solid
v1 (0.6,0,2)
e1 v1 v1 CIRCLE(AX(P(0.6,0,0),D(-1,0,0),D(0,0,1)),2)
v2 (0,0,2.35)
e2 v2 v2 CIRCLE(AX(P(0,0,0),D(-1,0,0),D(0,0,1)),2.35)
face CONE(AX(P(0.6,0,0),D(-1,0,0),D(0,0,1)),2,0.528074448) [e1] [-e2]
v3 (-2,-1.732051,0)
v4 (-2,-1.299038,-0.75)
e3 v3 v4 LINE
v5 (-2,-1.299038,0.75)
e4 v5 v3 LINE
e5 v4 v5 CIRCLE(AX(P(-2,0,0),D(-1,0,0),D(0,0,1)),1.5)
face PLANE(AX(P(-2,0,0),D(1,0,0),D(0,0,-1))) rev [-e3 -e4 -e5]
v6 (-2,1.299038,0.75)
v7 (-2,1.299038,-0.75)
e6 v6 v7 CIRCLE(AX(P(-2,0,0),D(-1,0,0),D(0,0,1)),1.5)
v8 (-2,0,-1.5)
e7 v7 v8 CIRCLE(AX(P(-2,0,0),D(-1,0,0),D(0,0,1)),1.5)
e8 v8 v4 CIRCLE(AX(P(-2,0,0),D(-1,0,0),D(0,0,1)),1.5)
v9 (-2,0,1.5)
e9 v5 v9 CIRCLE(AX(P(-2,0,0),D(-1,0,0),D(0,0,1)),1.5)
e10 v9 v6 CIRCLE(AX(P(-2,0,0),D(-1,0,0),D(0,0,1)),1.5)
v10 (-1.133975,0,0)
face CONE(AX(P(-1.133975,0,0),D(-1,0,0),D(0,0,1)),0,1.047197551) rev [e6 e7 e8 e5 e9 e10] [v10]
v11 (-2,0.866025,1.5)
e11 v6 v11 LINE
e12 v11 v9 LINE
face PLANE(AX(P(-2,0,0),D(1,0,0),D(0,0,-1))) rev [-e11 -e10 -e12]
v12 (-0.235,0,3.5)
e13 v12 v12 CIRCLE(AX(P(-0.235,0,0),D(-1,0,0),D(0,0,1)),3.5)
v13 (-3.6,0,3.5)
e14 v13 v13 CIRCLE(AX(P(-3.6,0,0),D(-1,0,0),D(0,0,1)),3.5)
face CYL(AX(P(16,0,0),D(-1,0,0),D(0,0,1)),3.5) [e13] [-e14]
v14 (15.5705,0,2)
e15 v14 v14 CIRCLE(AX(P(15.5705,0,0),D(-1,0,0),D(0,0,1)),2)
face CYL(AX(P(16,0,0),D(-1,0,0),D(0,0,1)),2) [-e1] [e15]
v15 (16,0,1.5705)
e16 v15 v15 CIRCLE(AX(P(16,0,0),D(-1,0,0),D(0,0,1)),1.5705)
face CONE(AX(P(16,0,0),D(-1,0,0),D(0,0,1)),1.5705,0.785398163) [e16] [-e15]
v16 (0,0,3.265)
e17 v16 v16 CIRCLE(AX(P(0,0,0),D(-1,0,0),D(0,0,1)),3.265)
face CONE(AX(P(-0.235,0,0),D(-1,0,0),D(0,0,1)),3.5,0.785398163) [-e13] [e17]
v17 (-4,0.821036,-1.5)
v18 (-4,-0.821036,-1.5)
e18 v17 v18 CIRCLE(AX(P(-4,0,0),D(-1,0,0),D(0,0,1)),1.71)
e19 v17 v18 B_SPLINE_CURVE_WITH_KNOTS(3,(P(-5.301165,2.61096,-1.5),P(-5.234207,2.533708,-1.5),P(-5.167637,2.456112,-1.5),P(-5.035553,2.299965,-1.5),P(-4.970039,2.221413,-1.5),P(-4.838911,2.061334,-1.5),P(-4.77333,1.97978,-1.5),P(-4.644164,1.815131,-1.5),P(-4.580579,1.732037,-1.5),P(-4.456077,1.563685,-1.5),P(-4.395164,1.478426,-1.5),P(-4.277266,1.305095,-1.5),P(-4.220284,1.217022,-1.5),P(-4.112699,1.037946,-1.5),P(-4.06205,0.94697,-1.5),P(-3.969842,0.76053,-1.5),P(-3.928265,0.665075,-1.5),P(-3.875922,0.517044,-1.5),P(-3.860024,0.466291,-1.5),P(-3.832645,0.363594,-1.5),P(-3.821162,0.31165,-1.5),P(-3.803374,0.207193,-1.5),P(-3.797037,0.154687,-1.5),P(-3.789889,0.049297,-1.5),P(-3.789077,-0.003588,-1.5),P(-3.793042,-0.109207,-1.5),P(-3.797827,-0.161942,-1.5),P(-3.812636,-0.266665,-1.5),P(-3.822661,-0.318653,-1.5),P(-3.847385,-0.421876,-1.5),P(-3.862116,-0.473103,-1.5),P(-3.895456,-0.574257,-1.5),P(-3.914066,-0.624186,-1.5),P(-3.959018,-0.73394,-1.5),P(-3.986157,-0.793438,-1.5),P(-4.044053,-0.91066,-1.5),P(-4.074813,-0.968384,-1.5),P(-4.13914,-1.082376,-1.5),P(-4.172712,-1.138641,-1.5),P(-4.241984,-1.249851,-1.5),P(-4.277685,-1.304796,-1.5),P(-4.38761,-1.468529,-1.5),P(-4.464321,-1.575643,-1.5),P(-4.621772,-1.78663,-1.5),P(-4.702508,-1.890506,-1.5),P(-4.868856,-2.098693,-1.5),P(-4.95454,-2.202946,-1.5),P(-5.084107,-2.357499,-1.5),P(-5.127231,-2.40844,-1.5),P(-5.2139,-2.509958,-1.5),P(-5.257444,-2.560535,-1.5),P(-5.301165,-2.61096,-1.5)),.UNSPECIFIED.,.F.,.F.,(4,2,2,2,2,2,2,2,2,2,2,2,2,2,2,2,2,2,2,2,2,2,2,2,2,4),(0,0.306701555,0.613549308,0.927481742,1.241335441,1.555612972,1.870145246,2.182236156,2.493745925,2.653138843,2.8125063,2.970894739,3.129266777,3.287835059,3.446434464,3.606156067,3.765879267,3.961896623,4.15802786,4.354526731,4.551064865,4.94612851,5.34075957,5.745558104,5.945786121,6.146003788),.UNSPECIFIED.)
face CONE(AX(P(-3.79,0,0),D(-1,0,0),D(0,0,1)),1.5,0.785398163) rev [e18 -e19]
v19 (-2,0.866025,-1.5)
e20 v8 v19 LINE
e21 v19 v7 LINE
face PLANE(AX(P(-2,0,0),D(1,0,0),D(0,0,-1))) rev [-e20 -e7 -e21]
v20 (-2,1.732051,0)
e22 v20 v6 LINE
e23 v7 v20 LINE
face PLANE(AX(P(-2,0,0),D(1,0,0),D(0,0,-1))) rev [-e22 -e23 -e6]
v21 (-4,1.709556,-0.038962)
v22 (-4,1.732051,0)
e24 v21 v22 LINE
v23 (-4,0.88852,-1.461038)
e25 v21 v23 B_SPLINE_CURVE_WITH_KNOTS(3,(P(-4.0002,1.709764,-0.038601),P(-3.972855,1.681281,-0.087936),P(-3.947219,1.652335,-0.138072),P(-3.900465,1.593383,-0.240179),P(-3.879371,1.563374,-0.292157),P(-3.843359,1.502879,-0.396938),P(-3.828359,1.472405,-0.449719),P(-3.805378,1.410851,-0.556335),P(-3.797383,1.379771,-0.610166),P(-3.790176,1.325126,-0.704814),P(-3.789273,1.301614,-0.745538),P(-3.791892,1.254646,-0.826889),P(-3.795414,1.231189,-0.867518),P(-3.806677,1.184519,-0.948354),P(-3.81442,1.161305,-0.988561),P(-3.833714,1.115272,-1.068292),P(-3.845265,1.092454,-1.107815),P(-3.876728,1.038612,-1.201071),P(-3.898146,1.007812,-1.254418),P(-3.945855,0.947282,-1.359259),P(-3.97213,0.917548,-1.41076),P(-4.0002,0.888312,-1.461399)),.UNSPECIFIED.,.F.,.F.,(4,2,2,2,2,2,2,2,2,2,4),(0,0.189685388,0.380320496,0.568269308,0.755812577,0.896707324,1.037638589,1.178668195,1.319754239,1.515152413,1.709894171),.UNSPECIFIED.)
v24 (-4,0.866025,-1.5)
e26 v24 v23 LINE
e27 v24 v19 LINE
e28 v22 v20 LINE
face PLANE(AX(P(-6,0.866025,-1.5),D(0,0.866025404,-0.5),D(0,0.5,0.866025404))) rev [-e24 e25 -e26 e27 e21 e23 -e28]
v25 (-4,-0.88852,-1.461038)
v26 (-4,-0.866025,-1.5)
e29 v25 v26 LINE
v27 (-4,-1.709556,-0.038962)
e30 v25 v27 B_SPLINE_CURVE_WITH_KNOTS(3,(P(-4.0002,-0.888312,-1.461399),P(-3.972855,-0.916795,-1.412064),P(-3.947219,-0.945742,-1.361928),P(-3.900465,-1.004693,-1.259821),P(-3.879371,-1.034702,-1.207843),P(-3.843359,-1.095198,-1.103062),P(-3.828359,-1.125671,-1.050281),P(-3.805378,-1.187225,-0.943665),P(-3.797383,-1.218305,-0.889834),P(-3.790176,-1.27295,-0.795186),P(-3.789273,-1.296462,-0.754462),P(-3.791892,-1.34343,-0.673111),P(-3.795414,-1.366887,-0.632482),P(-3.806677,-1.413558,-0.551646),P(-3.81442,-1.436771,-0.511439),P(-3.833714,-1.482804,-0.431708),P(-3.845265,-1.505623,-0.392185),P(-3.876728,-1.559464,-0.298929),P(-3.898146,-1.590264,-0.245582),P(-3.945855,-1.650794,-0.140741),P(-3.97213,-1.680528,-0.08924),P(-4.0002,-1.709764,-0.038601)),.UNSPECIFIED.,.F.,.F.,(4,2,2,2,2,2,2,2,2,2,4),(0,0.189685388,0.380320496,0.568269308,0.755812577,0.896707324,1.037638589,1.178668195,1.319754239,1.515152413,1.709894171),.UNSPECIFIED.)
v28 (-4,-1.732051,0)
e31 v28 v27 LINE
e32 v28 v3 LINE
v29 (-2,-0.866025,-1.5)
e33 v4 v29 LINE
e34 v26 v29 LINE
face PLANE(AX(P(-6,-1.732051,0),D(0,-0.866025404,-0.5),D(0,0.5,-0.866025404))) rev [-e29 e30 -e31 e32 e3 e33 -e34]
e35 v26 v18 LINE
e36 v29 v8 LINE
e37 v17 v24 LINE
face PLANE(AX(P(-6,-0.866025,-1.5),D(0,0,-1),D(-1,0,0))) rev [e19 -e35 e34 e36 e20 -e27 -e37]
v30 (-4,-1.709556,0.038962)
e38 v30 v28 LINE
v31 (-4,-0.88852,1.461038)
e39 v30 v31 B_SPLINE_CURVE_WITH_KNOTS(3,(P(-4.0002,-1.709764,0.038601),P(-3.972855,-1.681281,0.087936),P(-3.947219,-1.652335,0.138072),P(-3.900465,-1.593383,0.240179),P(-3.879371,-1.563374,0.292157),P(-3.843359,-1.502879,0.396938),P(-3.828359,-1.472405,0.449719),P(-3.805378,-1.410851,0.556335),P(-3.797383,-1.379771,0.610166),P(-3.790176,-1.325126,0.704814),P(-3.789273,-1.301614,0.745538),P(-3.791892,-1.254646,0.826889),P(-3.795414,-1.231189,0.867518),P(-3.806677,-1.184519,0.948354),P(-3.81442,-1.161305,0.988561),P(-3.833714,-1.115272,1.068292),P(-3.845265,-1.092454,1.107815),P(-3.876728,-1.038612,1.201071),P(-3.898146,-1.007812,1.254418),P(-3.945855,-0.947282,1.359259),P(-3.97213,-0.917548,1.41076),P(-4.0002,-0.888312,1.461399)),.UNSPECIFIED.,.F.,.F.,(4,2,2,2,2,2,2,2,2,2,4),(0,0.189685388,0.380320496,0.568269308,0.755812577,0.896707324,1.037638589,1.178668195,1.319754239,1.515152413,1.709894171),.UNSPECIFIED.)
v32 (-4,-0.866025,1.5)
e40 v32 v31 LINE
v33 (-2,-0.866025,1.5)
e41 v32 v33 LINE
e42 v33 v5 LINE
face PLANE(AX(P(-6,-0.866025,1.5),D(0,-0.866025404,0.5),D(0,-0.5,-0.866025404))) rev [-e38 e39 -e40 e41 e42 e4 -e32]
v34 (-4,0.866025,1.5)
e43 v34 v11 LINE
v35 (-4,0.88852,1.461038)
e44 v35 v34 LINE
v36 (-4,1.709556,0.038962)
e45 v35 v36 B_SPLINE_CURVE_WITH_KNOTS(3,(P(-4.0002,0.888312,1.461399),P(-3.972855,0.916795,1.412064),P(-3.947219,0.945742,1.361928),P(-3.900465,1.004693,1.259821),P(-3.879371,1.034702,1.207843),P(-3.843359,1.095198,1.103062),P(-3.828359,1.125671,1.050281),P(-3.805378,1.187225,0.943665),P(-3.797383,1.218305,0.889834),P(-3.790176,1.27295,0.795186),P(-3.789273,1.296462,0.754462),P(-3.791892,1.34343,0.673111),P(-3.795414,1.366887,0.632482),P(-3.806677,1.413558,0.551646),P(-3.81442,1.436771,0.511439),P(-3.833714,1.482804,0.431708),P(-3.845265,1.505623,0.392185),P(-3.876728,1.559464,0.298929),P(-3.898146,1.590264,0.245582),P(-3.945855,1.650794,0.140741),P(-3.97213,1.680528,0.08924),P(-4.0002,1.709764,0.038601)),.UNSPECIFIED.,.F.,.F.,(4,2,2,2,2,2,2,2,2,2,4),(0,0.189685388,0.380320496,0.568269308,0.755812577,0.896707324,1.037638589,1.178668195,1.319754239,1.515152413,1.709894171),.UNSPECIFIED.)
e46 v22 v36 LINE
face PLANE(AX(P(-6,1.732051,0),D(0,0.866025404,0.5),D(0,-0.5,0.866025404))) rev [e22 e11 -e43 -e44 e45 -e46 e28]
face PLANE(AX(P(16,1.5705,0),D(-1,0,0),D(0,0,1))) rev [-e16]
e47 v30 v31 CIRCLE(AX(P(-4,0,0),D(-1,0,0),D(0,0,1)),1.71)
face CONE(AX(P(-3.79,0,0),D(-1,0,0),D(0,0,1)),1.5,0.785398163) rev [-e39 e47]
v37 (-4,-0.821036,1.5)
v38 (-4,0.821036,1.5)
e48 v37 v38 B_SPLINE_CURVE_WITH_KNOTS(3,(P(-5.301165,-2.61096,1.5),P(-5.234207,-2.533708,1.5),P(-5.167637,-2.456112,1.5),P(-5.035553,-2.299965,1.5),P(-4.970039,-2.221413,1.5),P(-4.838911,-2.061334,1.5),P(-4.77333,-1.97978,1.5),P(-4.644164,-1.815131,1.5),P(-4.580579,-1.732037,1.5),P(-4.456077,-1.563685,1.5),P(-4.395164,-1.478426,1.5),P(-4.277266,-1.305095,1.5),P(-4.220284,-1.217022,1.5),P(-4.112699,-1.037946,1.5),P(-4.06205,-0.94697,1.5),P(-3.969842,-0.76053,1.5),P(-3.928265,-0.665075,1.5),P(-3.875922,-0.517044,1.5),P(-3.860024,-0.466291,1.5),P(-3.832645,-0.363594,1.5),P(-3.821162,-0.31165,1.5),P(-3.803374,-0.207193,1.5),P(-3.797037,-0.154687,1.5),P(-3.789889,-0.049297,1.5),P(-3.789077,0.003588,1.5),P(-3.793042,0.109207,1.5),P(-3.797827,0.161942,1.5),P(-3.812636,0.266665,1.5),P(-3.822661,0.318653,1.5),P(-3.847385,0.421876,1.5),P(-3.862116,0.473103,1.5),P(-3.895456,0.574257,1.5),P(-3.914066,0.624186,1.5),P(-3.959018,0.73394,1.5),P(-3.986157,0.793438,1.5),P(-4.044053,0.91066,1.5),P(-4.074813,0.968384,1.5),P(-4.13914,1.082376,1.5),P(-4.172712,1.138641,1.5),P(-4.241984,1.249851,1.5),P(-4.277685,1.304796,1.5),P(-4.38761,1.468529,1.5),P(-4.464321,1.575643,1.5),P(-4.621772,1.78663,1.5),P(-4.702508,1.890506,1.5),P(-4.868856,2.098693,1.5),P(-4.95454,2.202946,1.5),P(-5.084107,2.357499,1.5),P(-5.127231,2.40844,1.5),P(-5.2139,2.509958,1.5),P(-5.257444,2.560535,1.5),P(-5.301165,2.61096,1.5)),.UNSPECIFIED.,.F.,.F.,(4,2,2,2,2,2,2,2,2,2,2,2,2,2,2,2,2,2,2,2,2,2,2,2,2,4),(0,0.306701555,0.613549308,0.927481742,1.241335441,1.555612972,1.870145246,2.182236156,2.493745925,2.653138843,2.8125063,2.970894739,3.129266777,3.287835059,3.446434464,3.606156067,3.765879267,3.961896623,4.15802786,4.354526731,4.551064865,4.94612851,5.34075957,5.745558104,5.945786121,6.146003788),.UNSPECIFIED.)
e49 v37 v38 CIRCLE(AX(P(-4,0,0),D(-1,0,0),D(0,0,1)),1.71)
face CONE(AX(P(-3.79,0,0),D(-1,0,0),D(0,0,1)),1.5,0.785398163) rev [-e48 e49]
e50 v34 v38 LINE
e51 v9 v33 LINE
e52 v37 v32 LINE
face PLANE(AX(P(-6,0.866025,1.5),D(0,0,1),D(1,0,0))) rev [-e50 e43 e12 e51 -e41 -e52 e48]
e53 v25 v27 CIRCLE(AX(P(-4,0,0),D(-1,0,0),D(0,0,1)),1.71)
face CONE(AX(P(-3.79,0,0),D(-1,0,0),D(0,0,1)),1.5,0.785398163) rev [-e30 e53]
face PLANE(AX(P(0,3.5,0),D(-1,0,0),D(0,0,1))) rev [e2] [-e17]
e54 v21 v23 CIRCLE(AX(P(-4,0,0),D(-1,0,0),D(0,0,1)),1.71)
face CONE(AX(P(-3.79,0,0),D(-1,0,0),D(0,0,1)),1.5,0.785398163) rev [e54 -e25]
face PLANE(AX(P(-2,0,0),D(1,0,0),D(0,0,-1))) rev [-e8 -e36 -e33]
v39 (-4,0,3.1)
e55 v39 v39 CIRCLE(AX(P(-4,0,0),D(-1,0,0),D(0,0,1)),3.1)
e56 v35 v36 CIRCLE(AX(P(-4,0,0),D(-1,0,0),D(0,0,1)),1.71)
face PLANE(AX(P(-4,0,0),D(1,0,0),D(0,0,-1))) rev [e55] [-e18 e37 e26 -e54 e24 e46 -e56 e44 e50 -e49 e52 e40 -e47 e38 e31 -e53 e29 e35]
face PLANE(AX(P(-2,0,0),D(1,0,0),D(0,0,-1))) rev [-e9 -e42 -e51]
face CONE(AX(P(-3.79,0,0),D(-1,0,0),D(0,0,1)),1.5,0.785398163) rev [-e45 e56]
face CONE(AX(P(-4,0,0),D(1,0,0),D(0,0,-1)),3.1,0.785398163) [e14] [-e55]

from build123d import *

# Parameters (mm, degrees)
CUT_EXTRUDE1_DEPTH      = 2
CUT_EXTRUDE1_DEPTH_BACK = 2


with BuildPart() as part:
    # Sketch1 → Revolve1 (revolve)
    with BuildSketch(Plane.XY):
        Polygon((-4, 0), (-4, 3.5), (0, 3.5), (0, 2.35), (0.6, 2), (15.5705, 2), (16, 1.5705), (16, 0), align=None)
    revolve(axis=Axis((16, 0, 0), (-1, 0, 0)))

    # Sketch2 → Cut-Revolve1 (revolve, cut)
    with BuildSketch(Plane.XY):
        Polygon((-4, 3.1), (-3.6, 3.5), (-0.235, 3.5), (0, 3.265), (0, 4.2), (-4, 4.2), align=None)
    revolve(axis=Axis((0, 0, 0), (-1, 0, 0)), mode=Mode.SUBTRACT)

    # Sketch3 → Cut-Revolve2 (revolve, cut)
    with BuildSketch(Plane.XY):
        Polygon((-4, 0), (-4, 1.71), (-3.79, 1.5), (-2, 1.5), (-1.133974596, 0), align=None)
    revolve(axis=Axis((-1.133974596, 0, 0), (-1, 0, 0)), mode=Mode.SUBTRACT)

    # Sketch4 → Cut-Extrude1 (cut, two sides: drawn at the far end of the back side and taken through both)
    with BuildSketch(Plane(origin=(-4, 0, 0), x_dir=(0, 0, -1), z_dir=(1, 0, 0)).offset(-CUT_EXTRUDE1_DEPTH_BACK)):
        Polygon((-1.5, -0.866025404), (0, -1.732050808), (1.5, -0.866025404), (1.5, 0.866025404), (0, 1.732050808), (-1.5, 0.866025404), align=None)
    extrude(amount=CUT_EXTRUDE1_DEPTH + CUT_EXTRUDE1_DEPTH_BACK, mode=Mode.SUBTRACT)


solid = part.part
